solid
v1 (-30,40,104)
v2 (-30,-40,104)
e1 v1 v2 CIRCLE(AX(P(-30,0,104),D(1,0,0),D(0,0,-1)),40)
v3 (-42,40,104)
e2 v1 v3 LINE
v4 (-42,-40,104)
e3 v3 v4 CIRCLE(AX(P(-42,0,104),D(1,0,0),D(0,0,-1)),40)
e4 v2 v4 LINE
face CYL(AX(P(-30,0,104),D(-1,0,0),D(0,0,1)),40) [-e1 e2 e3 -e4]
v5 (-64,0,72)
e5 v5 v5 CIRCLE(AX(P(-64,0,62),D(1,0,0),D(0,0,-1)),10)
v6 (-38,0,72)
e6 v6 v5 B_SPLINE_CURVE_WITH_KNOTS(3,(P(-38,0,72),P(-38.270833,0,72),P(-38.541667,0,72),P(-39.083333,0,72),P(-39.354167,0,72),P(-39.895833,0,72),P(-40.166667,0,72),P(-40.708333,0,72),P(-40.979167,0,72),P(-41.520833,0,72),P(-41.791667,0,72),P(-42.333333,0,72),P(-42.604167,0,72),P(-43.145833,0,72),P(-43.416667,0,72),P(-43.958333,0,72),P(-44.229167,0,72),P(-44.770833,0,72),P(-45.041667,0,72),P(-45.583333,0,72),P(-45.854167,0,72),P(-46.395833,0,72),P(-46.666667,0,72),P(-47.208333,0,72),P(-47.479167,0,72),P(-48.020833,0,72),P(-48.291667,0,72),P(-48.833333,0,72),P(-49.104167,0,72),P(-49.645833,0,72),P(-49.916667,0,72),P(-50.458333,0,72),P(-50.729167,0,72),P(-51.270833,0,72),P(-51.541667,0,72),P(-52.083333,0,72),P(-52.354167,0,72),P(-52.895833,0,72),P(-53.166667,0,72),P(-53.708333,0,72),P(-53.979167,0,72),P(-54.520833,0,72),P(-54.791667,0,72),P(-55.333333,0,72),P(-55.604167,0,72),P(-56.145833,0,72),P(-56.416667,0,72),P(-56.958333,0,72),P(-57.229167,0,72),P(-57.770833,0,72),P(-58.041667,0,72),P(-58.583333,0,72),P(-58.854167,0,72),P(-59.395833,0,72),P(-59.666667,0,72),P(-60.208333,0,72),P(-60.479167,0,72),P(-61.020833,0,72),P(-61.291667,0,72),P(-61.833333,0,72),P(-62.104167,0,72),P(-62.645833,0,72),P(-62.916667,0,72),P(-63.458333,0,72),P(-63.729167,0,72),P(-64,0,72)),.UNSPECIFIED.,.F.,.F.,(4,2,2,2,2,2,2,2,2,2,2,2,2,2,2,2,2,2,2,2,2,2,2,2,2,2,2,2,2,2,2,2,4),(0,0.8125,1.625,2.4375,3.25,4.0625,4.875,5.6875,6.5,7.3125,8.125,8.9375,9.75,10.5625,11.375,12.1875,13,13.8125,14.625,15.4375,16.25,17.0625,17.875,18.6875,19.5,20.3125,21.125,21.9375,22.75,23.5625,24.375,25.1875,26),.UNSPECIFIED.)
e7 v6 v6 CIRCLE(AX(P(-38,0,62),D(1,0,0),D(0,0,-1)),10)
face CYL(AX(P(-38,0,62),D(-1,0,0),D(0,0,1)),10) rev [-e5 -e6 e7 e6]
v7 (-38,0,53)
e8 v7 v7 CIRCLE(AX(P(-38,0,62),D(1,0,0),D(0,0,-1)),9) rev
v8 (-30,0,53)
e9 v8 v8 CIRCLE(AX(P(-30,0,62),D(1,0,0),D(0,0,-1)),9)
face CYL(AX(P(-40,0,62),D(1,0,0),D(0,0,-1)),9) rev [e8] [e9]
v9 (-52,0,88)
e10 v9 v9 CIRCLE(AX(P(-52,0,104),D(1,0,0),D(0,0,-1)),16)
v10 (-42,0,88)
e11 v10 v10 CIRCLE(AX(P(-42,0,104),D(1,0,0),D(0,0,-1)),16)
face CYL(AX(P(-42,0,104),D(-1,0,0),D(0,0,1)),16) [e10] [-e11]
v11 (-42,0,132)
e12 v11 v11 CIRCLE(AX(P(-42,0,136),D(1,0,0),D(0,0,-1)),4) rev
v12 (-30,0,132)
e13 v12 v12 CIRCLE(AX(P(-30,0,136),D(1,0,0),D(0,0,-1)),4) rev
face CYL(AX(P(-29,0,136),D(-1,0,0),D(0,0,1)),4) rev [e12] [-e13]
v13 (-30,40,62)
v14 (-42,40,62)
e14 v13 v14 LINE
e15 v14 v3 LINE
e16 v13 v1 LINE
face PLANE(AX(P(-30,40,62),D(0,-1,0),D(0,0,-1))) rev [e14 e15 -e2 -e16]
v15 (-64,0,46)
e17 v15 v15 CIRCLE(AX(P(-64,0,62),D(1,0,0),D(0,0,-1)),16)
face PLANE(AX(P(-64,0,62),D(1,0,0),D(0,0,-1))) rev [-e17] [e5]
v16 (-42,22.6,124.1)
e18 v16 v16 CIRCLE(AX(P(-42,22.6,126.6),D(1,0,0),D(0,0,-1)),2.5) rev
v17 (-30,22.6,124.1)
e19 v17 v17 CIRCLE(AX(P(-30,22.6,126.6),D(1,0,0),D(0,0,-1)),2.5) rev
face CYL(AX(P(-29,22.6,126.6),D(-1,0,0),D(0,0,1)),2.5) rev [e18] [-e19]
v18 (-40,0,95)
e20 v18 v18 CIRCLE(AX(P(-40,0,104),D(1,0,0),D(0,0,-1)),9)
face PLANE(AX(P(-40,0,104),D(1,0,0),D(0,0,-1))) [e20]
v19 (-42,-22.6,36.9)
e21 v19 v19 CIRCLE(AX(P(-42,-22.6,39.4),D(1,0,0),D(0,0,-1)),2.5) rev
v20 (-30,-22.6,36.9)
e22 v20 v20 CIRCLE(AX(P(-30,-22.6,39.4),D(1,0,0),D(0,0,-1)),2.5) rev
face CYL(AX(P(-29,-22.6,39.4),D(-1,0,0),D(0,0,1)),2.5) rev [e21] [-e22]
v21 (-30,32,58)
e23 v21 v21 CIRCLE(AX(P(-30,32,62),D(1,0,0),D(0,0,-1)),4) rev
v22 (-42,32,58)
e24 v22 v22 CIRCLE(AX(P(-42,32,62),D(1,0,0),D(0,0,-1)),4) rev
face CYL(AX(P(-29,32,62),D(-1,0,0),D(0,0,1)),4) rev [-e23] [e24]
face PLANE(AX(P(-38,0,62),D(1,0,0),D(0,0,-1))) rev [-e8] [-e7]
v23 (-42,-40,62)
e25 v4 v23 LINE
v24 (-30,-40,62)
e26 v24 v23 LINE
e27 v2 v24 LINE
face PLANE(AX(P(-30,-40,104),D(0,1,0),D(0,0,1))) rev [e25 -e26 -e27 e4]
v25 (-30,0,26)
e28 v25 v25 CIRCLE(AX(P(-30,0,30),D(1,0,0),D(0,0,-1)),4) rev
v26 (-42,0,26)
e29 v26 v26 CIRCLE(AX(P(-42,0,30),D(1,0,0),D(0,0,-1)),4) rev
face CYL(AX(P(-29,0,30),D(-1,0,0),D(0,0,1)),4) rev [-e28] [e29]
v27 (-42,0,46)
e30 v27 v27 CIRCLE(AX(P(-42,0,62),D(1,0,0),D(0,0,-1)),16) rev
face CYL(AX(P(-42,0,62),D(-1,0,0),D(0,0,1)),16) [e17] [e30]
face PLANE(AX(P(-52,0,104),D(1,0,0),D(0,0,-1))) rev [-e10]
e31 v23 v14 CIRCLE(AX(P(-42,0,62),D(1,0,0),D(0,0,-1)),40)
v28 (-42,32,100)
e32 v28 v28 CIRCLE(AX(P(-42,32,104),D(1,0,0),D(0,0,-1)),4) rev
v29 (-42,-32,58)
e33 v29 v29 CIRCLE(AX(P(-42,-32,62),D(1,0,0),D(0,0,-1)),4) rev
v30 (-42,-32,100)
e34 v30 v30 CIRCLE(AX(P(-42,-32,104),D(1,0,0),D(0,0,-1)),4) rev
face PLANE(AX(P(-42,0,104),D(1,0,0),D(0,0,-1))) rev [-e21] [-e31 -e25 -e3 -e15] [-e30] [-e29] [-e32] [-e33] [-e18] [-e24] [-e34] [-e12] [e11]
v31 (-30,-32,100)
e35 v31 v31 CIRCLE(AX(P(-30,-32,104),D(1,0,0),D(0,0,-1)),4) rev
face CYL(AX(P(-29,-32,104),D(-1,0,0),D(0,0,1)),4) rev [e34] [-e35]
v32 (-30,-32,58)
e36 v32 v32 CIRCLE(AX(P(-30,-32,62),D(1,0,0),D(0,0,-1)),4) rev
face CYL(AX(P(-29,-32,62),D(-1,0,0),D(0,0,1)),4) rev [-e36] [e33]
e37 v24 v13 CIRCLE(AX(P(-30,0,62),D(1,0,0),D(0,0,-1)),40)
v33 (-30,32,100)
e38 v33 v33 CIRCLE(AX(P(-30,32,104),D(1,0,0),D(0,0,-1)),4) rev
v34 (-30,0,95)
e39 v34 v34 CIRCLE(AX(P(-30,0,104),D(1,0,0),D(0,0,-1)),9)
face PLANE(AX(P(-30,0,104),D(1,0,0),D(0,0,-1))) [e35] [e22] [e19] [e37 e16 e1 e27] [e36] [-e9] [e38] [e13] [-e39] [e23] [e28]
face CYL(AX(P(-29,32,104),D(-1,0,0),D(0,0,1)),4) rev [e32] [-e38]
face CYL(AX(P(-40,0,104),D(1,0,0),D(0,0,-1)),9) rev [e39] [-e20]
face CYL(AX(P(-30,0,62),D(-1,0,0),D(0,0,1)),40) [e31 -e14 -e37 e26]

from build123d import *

# Parameters (mm, degrees)
F_01_FLANGE_DEPTH    = 12
SKETCH_2_R           = 16
F_02_BOSS_UP_DEPTH   = 10
SKETCH_3_R           = 16
F_03_BOSS_LO_DEPTH   = 22
SKETCH_4_R           = 9
F_04_BORE_UP_DEPTH   = 10
SKETCH_5_R           = 9
F_05_BORE_LO_DEPTH   = 10
SKETCH_6_R           = 10
F_06_RV_CAVITY_DEPTH = 26
SKETCH_8_R           = 4
F_08_BOLT_0_DEPTH    = 14
SKETCH_9_R           = 4
F_08_BOLT_1_DEPTH    = 14
SKETCH_10_R          = 4
F_08_BOLT_2_DEPTH    = 14
SKETCH_11_R          = 4
F_08_BOLT_3_DEPTH    = 14
SKETCH_12_R          = 4
F_08_BOLT_4_DEPTH    = 14
SKETCH_13_R          = 4
F_08_BOLT_5_DEPTH    = 14
SKETCH_14_R          = 2.5
F_09_DOWEL_0_DEPTH   = 14
SKETCH_15_R          = 2.5
F_09_DOWEL_1_DEPTH   = 14


with BuildPart() as part:
    # 草图1 → 01_FLANGE (new body)
    with BuildSketch(Plane(origin=(-42, 0, 0), x_dir=(0, 0, -1), z_dir=(1, 0, 0))):
        with BuildLine():
            Line((-104, -40), (-62, -40))
            ThreePointArc((-62, -40), (-22, 0), (-62, 40))
            Line((-62, 40), (-104, 40))
            ThreePointArc((-104, 40), (-144, 0), (-104, -40))
        make_face()
    extrude(amount=F_01_FLANGE_DEPTH)

    # 草图2 → 02_BOSS_UP (add)
    with BuildSketch(Plane(origin=(-52, 0, 0), x_dir=(0, 0, -1), z_dir=(1, 0, 0))):
        with Locations((-104, 0)):
            Circle(SKETCH_2_R)
    extrude(amount=F_02_BOSS_UP_DEPTH)

    # 草图3 → 03_BOSS_LO (add)
    with BuildSketch(Plane(origin=(-64, 0, 0), x_dir=(0, 0, -1), z_dir=(1, 0, 0))):
        with Locations((-62, 0)):
            Circle(SKETCH_3_R)
    extrude(amount=F_03_BOSS_LO_DEPTH)

    # 草图4 → 04_BORE_UP (cut)
    with BuildSketch(Plane(origin=(-30, 0, 0), x_dir=(0, 0, -1), z_dir=(1, 0, 0))):
        with Locations((-104, 0)):
            Circle(SKETCH_4_R)
    extrude(amount=-F_04_BORE_UP_DEPTH, mode=Mode.SUBTRACT)

    # 草图5 → 05_BORE_LO (cut)
    with BuildSketch(Plane(origin=(-30, 0, 0), x_dir=(0, 0, -1), z_dir=(1, 0, 0))):
        with Locations((-62, 0)):
            Circle(SKETCH_5_R)
    extrude(amount=-F_05_BORE_LO_DEPTH, mode=Mode.SUBTRACT)

    # 草图6 → 06_RV_CAVITY (cut)
    with BuildSketch(Plane(origin=(-64, 0, 0), x_dir=(0, 0, -1), z_dir=(1, 0, 0))):
        with Locations(Location((-62, 0, 0), (0, 0, 180))):
            Circle(SKETCH_6_R)
    extrude(amount=F_06_RV_CAVITY_DEPTH, mode=Mode.SUBTRACT)

    # 草图8 → 08_BOLT_0 (cut)
    with BuildSketch(Plane(origin=(-43, 0, 0), x_dir=(0, 0, -1), z_dir=(1, 0, 0))):
        with Locations((-104, 32)):
            Circle(SKETCH_8_R)
    extrude(amount=F_08_BOLT_0_DEPTH, mode=Mode.SUBTRACT)

    # 草图9 → 08_BOLT_1 (cut)
    with BuildSketch(Plane(origin=(-43, 0, 0), x_dir=(0, 0, -1), z_dir=(1, 0, 0))):
        with Locations((-104, -32)):
            Circle(SKETCH_9_R)
    extrude(amount=F_08_BOLT_1_DEPTH, mode=Mode.SUBTRACT)

    # 草图10 → 08_BOLT_2 (cut)
    with BuildSketch(Plane(origin=(-43, 0, 0), x_dir=(0, 0, -1), z_dir=(1, 0, 0))):
        with Locations((-62, 32)):
            Circle(SKETCH_10_R)
    extrude(amount=F_08_BOLT_2_DEPTH, mode=Mode.SUBTRACT)

    # 草图11 → 08_BOLT_3 (cut)
    with BuildSketch(Plane(origin=(-43, 0, 0), x_dir=(0, 0, -1), z_dir=(1, 0, 0))):
        with Locations((-62, -32)):
            Circle(SKETCH_11_R)
    extrude(amount=F_08_BOLT_3_DEPTH, mode=Mode.SUBTRACT)

    # 草图12 → 08_BOLT_4 (cut)
    with BuildSketch(Plane(origin=(-43, 0, 0), x_dir=(0, 0, -1), z_dir=(1, 0, 0))):
        with Locations((-136, 0)):
            Circle(SKETCH_12_R)
    extrude(amount=F_08_BOLT_4_DEPTH, mode=Mode.SUBTRACT)

    # 草图13 → 08_BOLT_5 (cut)
    with BuildSketch(Plane(origin=(-43, 0, 0), x_dir=(0, 0, -1), z_dir=(1, 0, 0))):
        with Locations((-30, 0)):
            Circle(SKETCH_13_R)
    extrude(amount=F_08_BOLT_5_DEPTH, mode=Mode.SUBTRACT)

    # 草图14 → 09_DOWEL_0 (cut)
    with BuildSketch(Plane(origin=(-43, 0, 0), x_dir=(0, 0, -1), z_dir=(1, 0, 0))):
        with Locations((-126.6, 22.6)):
            Circle(SKETCH_14_R)
    extrude(amount=F_09_DOWEL_0_DEPTH, mode=Mode.SUBTRACT)

    # 草图15 → 09_DOWEL_1 (cut)
    with BuildSketch(Plane(origin=(-43, 0, 0), x_dir=(0, 0, -1), z_dir=(1, 0, 0))):
        with Locations((-39.4, -22.6)):
            Circle(SKETCH_15_R)
    extrude(amount=F_09_DOWEL_1_DEPTH, mode=Mode.SUBTRACT)


solid = part.part
